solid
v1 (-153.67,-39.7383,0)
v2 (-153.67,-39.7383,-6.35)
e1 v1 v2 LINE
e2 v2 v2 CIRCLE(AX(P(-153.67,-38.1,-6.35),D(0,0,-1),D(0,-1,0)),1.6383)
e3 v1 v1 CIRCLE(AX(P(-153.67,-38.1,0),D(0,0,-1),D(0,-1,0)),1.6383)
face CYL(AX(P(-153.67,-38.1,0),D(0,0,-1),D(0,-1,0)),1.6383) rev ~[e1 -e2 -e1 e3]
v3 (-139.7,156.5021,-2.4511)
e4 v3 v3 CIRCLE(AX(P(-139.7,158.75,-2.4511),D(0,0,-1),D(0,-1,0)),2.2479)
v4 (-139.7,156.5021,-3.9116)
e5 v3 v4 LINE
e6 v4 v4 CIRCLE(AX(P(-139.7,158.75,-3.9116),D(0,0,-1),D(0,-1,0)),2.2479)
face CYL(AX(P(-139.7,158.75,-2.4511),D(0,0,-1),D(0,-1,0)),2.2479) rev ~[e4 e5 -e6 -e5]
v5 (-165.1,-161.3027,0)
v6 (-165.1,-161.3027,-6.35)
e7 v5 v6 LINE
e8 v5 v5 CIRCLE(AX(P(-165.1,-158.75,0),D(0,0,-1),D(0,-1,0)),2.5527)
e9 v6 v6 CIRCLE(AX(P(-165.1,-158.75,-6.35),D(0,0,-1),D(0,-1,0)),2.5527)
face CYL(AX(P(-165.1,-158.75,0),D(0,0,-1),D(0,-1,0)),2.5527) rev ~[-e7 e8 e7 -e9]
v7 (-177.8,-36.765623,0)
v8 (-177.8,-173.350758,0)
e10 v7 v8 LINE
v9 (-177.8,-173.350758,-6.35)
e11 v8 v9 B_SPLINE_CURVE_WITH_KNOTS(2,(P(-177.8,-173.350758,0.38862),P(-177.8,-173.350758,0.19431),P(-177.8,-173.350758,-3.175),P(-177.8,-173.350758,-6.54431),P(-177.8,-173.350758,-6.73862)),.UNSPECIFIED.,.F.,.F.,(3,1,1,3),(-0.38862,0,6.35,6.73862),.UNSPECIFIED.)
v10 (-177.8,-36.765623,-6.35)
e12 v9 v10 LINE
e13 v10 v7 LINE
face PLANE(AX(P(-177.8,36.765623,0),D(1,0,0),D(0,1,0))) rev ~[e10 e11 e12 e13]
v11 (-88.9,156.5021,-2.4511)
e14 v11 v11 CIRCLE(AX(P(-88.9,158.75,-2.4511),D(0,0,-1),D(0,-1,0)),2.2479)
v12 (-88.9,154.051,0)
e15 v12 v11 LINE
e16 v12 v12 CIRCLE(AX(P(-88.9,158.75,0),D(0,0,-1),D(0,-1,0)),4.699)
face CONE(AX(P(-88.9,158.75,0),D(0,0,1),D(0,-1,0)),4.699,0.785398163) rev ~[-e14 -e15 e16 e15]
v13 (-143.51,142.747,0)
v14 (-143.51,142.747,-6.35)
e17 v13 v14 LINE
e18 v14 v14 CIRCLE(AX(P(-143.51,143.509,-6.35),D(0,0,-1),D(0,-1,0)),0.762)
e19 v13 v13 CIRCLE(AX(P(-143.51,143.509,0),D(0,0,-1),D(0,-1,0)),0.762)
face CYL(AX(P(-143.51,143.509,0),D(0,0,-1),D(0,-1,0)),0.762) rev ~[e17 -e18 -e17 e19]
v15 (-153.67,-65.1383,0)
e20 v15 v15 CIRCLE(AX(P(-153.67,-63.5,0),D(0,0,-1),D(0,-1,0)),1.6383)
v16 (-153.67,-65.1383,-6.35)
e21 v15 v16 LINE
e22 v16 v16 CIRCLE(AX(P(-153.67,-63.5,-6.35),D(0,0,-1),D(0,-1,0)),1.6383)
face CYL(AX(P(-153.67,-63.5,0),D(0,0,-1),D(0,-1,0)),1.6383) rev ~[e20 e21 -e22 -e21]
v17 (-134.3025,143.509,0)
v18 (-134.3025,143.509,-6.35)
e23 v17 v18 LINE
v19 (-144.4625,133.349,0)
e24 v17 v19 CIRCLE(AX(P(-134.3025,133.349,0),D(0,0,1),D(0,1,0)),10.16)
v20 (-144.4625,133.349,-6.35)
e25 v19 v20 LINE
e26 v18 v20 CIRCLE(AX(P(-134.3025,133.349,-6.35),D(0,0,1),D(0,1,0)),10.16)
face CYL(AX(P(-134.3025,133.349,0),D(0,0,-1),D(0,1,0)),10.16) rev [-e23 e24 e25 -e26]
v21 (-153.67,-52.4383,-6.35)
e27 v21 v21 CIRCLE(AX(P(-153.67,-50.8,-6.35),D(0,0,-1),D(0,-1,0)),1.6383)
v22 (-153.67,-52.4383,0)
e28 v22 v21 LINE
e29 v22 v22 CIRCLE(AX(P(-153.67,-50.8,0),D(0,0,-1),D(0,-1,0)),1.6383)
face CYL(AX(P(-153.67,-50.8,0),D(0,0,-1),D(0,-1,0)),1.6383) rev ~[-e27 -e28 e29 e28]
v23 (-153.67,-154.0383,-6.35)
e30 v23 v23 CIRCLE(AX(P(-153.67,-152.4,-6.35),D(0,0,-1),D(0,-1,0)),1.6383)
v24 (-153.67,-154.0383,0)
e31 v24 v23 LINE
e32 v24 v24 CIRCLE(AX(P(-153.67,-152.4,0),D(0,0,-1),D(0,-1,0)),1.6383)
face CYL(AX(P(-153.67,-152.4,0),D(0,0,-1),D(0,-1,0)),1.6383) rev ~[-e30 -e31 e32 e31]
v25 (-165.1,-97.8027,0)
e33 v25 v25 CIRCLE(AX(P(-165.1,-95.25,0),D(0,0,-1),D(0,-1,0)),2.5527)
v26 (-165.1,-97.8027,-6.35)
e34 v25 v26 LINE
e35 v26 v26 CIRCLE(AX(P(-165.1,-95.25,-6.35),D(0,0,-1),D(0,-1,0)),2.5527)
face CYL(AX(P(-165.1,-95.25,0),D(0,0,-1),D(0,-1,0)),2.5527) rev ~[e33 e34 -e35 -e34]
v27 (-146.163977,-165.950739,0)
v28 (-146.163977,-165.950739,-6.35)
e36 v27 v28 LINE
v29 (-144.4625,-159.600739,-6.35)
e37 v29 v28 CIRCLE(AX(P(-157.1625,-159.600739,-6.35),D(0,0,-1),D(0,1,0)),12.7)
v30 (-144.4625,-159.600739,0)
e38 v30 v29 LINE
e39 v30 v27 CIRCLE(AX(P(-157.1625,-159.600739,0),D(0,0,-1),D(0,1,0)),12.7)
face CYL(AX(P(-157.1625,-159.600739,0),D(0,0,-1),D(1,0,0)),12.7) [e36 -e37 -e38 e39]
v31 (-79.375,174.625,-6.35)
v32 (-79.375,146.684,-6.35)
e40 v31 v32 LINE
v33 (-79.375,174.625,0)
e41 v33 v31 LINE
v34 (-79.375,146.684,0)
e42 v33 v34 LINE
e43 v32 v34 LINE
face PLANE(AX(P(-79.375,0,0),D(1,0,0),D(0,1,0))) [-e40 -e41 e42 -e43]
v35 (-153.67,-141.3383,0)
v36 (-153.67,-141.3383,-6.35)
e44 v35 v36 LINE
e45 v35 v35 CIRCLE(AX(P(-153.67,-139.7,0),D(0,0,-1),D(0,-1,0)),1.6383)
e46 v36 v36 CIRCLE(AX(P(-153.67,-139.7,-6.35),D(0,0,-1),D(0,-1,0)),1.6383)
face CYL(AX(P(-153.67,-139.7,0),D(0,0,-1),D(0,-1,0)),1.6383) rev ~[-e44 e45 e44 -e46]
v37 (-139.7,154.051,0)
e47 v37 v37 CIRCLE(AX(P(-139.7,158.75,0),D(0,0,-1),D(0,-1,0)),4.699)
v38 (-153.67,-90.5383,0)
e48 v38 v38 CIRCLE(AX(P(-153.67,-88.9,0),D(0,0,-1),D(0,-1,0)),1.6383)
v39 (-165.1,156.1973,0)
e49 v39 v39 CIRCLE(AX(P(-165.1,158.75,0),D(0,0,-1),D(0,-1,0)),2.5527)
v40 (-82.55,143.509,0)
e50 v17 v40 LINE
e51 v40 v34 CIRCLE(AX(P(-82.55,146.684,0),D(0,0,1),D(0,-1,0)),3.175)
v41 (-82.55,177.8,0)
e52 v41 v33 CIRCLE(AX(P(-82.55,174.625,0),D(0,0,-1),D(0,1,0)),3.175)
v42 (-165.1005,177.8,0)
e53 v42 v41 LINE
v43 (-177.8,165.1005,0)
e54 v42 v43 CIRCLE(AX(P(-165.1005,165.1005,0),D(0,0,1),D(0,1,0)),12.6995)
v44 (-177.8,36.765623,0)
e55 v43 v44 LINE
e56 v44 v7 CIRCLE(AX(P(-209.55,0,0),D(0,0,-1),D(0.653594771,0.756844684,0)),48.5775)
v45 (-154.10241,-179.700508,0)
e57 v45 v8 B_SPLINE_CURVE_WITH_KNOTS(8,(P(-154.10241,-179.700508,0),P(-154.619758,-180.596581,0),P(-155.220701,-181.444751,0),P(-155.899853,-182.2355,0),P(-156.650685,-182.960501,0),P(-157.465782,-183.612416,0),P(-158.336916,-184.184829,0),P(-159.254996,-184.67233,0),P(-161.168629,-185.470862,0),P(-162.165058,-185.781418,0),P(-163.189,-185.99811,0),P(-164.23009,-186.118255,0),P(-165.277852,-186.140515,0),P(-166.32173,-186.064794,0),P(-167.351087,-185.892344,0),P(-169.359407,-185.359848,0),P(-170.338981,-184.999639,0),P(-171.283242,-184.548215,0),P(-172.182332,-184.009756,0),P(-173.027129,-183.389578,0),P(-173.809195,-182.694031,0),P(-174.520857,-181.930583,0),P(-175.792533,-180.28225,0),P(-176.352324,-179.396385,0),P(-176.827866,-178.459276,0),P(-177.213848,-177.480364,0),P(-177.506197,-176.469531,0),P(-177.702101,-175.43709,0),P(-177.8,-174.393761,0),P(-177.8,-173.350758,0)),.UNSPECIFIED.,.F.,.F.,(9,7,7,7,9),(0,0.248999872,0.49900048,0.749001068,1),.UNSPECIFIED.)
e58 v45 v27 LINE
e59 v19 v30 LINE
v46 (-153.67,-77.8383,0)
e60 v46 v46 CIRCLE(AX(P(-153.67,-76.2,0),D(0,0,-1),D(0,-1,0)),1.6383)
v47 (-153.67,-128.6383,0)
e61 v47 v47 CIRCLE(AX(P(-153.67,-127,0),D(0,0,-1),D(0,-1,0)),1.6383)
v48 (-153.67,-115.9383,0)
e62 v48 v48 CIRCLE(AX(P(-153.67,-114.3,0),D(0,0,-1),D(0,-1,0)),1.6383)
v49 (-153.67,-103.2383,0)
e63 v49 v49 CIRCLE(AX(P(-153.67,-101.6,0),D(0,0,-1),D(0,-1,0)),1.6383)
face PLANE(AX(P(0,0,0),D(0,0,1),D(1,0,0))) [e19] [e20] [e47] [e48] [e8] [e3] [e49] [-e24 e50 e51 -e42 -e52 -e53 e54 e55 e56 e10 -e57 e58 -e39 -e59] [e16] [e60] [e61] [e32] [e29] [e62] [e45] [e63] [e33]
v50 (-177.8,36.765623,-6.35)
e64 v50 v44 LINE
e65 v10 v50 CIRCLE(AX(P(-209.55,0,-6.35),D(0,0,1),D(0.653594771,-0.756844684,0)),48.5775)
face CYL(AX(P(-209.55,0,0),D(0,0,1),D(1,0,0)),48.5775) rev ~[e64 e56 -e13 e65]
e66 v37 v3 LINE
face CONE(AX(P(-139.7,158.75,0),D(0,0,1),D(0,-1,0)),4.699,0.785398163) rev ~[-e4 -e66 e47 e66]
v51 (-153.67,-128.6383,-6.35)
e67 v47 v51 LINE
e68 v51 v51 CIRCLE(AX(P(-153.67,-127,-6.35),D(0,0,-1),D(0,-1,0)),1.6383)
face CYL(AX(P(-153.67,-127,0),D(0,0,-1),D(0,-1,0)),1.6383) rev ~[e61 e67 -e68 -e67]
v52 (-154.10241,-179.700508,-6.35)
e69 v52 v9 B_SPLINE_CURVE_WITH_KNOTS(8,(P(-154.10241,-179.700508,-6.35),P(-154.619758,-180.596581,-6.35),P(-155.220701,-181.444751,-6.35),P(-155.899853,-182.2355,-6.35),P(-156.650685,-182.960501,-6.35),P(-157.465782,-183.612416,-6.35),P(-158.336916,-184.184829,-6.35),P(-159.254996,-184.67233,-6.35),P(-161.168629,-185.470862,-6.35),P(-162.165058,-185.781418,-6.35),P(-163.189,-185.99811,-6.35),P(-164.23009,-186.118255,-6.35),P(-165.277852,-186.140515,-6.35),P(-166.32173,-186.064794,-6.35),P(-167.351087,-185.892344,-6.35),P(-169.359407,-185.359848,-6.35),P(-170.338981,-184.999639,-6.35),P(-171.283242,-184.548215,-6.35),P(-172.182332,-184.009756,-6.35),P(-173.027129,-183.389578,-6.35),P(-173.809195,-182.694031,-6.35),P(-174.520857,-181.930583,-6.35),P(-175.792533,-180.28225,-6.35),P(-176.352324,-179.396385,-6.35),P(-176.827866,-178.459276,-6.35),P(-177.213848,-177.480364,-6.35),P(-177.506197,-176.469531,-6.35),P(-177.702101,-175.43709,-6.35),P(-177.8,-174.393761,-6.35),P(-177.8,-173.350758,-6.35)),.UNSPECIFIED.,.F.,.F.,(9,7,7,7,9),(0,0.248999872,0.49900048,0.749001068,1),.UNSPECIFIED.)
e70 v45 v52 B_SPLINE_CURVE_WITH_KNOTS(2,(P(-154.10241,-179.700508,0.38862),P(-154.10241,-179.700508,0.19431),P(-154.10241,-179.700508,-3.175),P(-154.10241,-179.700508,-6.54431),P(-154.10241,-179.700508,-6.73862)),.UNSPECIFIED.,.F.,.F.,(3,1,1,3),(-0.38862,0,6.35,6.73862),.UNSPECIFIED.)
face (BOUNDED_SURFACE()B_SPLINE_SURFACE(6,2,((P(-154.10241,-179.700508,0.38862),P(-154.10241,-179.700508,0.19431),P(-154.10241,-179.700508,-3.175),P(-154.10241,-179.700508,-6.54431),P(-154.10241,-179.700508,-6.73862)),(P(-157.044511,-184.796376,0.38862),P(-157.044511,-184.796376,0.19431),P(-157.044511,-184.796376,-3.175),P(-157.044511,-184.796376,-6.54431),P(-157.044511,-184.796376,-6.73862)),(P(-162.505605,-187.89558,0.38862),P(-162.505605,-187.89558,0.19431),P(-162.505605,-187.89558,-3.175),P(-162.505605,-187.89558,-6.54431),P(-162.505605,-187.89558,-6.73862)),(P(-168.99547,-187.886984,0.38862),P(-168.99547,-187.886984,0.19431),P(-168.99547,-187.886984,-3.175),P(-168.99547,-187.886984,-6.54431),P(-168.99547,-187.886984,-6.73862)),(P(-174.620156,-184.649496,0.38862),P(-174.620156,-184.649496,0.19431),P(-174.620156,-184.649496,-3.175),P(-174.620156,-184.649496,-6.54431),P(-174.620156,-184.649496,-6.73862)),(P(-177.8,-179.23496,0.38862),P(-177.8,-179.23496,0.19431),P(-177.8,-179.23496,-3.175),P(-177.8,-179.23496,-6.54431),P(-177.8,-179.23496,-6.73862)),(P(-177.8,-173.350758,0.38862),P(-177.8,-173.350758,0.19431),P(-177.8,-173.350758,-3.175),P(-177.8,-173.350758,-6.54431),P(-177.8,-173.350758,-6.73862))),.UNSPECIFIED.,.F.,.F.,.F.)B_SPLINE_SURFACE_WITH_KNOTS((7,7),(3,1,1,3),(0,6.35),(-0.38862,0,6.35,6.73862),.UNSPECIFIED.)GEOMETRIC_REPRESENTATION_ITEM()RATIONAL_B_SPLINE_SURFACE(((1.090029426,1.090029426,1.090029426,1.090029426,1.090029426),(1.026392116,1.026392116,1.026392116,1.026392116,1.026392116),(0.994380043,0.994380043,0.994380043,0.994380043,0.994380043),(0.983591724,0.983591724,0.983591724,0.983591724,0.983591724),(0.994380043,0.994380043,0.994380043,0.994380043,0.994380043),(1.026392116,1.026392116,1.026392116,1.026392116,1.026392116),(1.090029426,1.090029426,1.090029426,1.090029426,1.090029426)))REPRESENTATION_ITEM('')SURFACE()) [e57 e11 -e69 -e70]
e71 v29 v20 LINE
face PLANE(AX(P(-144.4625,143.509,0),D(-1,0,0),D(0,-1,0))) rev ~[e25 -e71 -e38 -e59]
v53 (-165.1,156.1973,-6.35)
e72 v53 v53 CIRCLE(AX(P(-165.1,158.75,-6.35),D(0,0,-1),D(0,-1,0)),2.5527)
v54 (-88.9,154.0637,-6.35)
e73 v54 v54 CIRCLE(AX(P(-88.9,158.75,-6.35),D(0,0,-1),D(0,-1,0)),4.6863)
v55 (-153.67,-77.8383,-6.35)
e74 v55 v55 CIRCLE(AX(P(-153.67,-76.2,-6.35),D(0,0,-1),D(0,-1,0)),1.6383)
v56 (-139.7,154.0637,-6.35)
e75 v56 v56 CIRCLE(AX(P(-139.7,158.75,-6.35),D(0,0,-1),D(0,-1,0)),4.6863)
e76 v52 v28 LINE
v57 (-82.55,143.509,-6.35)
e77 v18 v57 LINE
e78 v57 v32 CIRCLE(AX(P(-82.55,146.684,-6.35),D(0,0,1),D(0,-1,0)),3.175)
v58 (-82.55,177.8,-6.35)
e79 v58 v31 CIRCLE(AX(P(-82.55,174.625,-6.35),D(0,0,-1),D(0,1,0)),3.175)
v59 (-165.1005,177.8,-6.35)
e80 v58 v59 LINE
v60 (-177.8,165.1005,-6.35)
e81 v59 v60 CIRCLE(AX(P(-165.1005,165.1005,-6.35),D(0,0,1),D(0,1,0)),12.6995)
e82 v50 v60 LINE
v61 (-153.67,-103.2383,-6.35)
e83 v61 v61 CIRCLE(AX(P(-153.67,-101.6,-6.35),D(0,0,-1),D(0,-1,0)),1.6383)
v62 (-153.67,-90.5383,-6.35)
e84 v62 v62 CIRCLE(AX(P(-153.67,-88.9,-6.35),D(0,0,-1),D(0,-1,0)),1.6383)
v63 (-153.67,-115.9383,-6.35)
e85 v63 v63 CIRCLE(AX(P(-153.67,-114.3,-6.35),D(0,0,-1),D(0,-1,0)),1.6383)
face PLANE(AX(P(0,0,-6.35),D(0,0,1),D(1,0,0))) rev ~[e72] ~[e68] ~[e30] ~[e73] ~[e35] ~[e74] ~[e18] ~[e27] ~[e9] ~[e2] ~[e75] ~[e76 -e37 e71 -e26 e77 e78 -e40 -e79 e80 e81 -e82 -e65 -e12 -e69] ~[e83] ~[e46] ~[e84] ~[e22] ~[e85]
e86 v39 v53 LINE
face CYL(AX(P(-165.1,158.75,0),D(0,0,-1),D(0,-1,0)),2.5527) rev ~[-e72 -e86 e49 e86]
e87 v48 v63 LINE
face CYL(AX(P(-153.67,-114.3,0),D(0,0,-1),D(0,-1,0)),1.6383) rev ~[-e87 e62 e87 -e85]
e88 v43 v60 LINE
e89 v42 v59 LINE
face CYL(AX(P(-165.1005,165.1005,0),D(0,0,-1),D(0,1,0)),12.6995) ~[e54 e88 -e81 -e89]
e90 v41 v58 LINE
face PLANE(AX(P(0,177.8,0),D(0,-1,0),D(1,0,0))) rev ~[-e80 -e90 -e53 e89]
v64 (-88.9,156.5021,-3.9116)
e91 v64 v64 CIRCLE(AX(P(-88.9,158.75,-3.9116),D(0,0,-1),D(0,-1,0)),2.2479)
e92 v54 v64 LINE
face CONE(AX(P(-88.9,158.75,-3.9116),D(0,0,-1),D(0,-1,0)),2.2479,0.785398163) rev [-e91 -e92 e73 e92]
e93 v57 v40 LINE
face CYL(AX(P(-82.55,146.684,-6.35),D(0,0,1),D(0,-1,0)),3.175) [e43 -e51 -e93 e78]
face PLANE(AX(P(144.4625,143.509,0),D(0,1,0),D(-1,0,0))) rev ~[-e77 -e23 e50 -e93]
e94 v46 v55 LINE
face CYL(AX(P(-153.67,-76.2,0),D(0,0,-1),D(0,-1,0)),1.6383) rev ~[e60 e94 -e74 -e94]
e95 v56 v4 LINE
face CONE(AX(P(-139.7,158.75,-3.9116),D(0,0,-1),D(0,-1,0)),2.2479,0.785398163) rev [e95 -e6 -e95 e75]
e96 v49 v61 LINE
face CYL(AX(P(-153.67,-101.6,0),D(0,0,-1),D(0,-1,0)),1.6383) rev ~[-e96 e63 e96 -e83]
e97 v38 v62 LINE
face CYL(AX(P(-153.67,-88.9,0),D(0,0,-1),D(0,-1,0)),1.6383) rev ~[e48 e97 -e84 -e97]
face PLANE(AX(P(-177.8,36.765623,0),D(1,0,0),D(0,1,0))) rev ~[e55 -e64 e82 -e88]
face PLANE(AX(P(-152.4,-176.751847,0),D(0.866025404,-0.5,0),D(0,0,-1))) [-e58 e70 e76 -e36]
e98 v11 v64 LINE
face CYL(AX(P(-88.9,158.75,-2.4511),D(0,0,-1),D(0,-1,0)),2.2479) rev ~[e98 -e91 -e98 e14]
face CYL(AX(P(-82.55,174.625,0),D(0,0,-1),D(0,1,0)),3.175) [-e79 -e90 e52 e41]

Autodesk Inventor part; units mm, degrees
ref_plane "YZ Plane" through (0, 0, 0) normal (1, 0, 0) x (0, 1, 0)
ref_plane "XZ Plane" through (0, 0, 0) normal (0, 1, 0) x (-1, 0, 0)
ref_plane "XY Plane" through (0, 0, 0) normal (0, 0, 1) x (1, 0, 0)
sketch "Sketch1" plane through (0, 0, 0) normal (0, 0, 1) x (1, 0, 0)
  line L0 (0, 251.46) -> (0, -264.16) projected
  line L1 (-361.3785, 0) -> (361.3785, 0) projected
  line L2 (177.8, -190.5) -> (-177.8, -190.5)
  line L3 (-177.8, -190.5) -> (-177.8, 177.8)
  line L4 (-177.8, 177.8) -> (177.8, 177.8)
  line L5 (177.8, 177.8) -> (177.8, -190.5)
  line L6 (143.51, -143.511) -> (-143.51, -143.511) construction
  line L7 (-143.51, -143.511) -> (-143.51, 143.509) construction
  line L8 (-143.51, 143.509) -> (143.51, 143.509) construction
  line L9 (143.51, 143.509) -> (143.51, -143.511) construction
  line L10 (-177.8, 177.8) -> (-177.8, 177.8)
  line L11 (-177.8, -190.5) -> (-177.8, 177.8)
  line L12 (177.8, 177.8) -> (177.8, 177.8)
  line L13 (177.8, -190.5) -> (177.8, 177.8)
  line L14 (-165.1, -158.75) -> (165.1, -158.75) construction
  line L15 (165.1, -158.75) -> (165.1, 158.75) construction
  line L16 (165.1, 158.75) -> (-165.1, 158.75) construction
  line L17 (-165.1, 158.75) -> (-165.1, -158.75) construction
  line L18 (144.4625, 143.509) -> (-144.4625, 143.509)
  line L19 (-144.4625, 143.509) -> (-144.4625, -190.5)
  line L20 (-144.4625, -190.5) -> (144.4625, -190.5)
  line L21 (144.4625, -190.5) -> (144.4625, 143.509)
  line L22 (144.4625, 143.509) -> (-144.4625, -190.5) construction
  line L23 (-144.4625, 143.509) -> (144.4625, -190.5) construction
  circle A0 centre (-209.55, 0) radius 48.5775
  circle A1 centre (209.55, 0) radius 48.5775
  line L24 (-65.455, 153.009) -> (-55.955, 153.009) construction
  line L25 (0, 177.8) -> (0, 143.509)
  point P0 (0, 0)
  point P1 (0, -23.4955)
  point P2 (-71.755, 153.009)
  point P3 (-139.7, 158.75)
  point P4 (139.7, 158.75)
  point P5 (0, 158.75)
  point P6 (-88.9, 158.75)
  point P7 (88.9, 158.75)
  point P8 (-165.1, -95.25)
  point P9 (165.1, -95.25)
  dimension "d2" = 355.6
  dimension "d66" = 177.8
  dimension "d70" = 368.3
  dimension "d71" = 177.8
  dimension "d85" = 287.02
  dimension "d86" = 330.2
  dimension "d94" = 288.925
  dimension "d95" = 0
  dimension "d107" = 209.55
  dimension "d108" = 97.155
  dimension "d111" = 209.55
  dimension "d112" = 9.5
  dimension "d113" = 9.5
  dimension "d115" = 15.8
  dimension "d116" = 71.755
  dimension "d124" = 139.7
  dimension "d125" = 139.7
  dimension "d133" = 317.5
  dimension "d134" = 165.1
  dimension "d135" = 158.75
  dimension "d136" = 50.8
  dimension "d137" = 50.8
  dimension "d158" = 63.5
  dimension "d159" = 63.5
  dimension "d160" = 55.955
extrude "Extrusion1" add sketch "Sketch1" against normal blind 6.35 contours L4 L5 A1 L1 L21 L18 L0 | L0 L18 L19 L1 A0 L3 L4 | L18 L21 L1 L0 | L0 L1 L19 L18 | L1 L21 L2 L0 | L0 L2 L19 L1 | A0 L1 L3 | L5 L1 A1 | L19 L2 L3 A0 L1 | L1 A1 L5 L2 L21 | L1 A0 L3 | L5 A1 L1 picked at (-175.8618, 22.522) picked at (175.8618, 22.522) picked at (-175.8618, -22.522) picked at (175.8618, -22.522)
hole "Hole5" at (-165.1, 158.75, 0) at (165.1, 158.75, 0) at (165.1, -158.75, 0) at (-165.1, -158.75, 0) at (-165.1, -95.25, 0) at (165.1, -95.25, 0) direction (0, 0, -1) diameter 5.1054 end through all clearance for "Flat Head Machine Screw (82)" size "#10" standard "Ansi Unified Screw Threads"
extrude "Extrusion5" cut sketch "Sketch1" against normal up to next contours L18 L21 L1 L0 | L0 L1 L19 L18 | L1 L21 L2 L0 | L0 L2 L19 L1
chamfer "Chamfer3" distance 15.875 angle 60 1 edges at (-144.4625, -190.5, -3.175) measured on face at (-166.6875, -190.5, -4.2333)
chamfer "Chamfer4" distance 15.875 angle 60 1 edges at (144.4625, -190.5, -3.175) measured on face at (155.575, -190.5, -4.2333)
fillet "Fillet8" radius 12.7 4 edges at (160.3375, -190.5, -3.175) (144.4625, -163.0037, -3.175) (-144.4625, -163.0037, -3.175) (-160.3375, -190.5, -3.175)
fillet "Fillet6" radius 12.7 4 edges at (177.8, -190.5, -3.175) (177.8, 177.8, -3.175) (-177.8, -190.5, -3.175) (-177.8, 177.8, -3.175)
fillet "Fillet7" radius 10.16 2 edges at (144.4625, 143.509, -3.175) (-144.4625, 143.509, -3.175)
extrude "Extrusion6" cut sketch "Sketch1" against normal up to next contours A0 L1 L3 | L3 L1 A0 | A1 L1 L5 | L5 L1 A1 | L3 A0 L1 | L1 A0 L3 | L5 A1 L1 | L1 A1 L5
hole "Hole6" at (-143.51, 143.509, 0) at (-65.455, 153.009, 0) at (-55.955, 153.009, 0) direction (0, 0, -1) diameter 1.524 end through all
mirror "Mirror1" about plane through (0, 0, 0) normal (1, 0, 0) of "Hole6"
hole "Hole7" at (-139.7, 158.75, 0) at (139.7, 158.75, 0) at (-88.9, 158.75, 0) at (88.9, 158.75, 0) direction (0, 0, -1) diameter 4.4958 end through all countersink diameter 9.398 countersink angle 90 clearance for "Flat Head Machine Screw" size "M4" standard "Ansi Metric M Profile"
sketch "Sketch3" plane through (0, 0, 0) normal (0, 0, 1) x (1, 0, 0)
  line L0 (0, 294.3121) -> (0, -274.6479) projected
  line L1 (-258.445, 0) -> (306.07, 0) projected
  line L2 (-79.375, 213.0321) -> (225.425, 213.0321)
  line L3 (225.425, 213.0321) -> (225.425, -193.3679)
  line L4 (225.425, -193.3679) -> (-79.375, -193.3679)
  line L5 (-79.375, -193.3679) -> (-79.375, 213.0321)
  line L6 (-177.8, -36.7656) -> (-177.8, -173.3489) projected
  line L7 (-144.4625, -159.6007) -> (-144.4625, 133.349) projected
  point P0 (0, 0)
  point P1 (-153.67, -152.4)
  dimension "d138" = 304.8
  dimension "d139" = 406.4
  dimension "d140" = 79.375
  dimension "d144" = 24.13
  dimension "d145" = 152.4
  dimension "d157" = 9.2075
extrude "Extrusion7" cut sketch "Sketch3" against normal up to next
fillet "Fillet9" radius 3.175 2 edges at (-79.375, 143.509, -3.175) (-79.375, 177.8, -3.175)
hole "Hole8" at (-153.67, -152.4, 0) direction (0, 0, -1) diameter 3.2766 end through all clearance for "Flat Head Machine Screw (82)" size "#4" standard "Ansi Unified Screw Threads"
pattern_linear "Rectangular Pattern3" count 10 spacing 12.7 along (0, 1, 0) of "Hole8"
chamfer "Chamfer5" distance 2.4384 angle 45 2 edges at (-139.7, 160.9979, -6.35) (-88.9, 160.9979, -6.35)
ref_plane "Work Plane1" through (0, 0, 0) normal (1, 0, 0) x (0, 1, 0)
properties material "ACETAL COPOLYMER, WHITE"
